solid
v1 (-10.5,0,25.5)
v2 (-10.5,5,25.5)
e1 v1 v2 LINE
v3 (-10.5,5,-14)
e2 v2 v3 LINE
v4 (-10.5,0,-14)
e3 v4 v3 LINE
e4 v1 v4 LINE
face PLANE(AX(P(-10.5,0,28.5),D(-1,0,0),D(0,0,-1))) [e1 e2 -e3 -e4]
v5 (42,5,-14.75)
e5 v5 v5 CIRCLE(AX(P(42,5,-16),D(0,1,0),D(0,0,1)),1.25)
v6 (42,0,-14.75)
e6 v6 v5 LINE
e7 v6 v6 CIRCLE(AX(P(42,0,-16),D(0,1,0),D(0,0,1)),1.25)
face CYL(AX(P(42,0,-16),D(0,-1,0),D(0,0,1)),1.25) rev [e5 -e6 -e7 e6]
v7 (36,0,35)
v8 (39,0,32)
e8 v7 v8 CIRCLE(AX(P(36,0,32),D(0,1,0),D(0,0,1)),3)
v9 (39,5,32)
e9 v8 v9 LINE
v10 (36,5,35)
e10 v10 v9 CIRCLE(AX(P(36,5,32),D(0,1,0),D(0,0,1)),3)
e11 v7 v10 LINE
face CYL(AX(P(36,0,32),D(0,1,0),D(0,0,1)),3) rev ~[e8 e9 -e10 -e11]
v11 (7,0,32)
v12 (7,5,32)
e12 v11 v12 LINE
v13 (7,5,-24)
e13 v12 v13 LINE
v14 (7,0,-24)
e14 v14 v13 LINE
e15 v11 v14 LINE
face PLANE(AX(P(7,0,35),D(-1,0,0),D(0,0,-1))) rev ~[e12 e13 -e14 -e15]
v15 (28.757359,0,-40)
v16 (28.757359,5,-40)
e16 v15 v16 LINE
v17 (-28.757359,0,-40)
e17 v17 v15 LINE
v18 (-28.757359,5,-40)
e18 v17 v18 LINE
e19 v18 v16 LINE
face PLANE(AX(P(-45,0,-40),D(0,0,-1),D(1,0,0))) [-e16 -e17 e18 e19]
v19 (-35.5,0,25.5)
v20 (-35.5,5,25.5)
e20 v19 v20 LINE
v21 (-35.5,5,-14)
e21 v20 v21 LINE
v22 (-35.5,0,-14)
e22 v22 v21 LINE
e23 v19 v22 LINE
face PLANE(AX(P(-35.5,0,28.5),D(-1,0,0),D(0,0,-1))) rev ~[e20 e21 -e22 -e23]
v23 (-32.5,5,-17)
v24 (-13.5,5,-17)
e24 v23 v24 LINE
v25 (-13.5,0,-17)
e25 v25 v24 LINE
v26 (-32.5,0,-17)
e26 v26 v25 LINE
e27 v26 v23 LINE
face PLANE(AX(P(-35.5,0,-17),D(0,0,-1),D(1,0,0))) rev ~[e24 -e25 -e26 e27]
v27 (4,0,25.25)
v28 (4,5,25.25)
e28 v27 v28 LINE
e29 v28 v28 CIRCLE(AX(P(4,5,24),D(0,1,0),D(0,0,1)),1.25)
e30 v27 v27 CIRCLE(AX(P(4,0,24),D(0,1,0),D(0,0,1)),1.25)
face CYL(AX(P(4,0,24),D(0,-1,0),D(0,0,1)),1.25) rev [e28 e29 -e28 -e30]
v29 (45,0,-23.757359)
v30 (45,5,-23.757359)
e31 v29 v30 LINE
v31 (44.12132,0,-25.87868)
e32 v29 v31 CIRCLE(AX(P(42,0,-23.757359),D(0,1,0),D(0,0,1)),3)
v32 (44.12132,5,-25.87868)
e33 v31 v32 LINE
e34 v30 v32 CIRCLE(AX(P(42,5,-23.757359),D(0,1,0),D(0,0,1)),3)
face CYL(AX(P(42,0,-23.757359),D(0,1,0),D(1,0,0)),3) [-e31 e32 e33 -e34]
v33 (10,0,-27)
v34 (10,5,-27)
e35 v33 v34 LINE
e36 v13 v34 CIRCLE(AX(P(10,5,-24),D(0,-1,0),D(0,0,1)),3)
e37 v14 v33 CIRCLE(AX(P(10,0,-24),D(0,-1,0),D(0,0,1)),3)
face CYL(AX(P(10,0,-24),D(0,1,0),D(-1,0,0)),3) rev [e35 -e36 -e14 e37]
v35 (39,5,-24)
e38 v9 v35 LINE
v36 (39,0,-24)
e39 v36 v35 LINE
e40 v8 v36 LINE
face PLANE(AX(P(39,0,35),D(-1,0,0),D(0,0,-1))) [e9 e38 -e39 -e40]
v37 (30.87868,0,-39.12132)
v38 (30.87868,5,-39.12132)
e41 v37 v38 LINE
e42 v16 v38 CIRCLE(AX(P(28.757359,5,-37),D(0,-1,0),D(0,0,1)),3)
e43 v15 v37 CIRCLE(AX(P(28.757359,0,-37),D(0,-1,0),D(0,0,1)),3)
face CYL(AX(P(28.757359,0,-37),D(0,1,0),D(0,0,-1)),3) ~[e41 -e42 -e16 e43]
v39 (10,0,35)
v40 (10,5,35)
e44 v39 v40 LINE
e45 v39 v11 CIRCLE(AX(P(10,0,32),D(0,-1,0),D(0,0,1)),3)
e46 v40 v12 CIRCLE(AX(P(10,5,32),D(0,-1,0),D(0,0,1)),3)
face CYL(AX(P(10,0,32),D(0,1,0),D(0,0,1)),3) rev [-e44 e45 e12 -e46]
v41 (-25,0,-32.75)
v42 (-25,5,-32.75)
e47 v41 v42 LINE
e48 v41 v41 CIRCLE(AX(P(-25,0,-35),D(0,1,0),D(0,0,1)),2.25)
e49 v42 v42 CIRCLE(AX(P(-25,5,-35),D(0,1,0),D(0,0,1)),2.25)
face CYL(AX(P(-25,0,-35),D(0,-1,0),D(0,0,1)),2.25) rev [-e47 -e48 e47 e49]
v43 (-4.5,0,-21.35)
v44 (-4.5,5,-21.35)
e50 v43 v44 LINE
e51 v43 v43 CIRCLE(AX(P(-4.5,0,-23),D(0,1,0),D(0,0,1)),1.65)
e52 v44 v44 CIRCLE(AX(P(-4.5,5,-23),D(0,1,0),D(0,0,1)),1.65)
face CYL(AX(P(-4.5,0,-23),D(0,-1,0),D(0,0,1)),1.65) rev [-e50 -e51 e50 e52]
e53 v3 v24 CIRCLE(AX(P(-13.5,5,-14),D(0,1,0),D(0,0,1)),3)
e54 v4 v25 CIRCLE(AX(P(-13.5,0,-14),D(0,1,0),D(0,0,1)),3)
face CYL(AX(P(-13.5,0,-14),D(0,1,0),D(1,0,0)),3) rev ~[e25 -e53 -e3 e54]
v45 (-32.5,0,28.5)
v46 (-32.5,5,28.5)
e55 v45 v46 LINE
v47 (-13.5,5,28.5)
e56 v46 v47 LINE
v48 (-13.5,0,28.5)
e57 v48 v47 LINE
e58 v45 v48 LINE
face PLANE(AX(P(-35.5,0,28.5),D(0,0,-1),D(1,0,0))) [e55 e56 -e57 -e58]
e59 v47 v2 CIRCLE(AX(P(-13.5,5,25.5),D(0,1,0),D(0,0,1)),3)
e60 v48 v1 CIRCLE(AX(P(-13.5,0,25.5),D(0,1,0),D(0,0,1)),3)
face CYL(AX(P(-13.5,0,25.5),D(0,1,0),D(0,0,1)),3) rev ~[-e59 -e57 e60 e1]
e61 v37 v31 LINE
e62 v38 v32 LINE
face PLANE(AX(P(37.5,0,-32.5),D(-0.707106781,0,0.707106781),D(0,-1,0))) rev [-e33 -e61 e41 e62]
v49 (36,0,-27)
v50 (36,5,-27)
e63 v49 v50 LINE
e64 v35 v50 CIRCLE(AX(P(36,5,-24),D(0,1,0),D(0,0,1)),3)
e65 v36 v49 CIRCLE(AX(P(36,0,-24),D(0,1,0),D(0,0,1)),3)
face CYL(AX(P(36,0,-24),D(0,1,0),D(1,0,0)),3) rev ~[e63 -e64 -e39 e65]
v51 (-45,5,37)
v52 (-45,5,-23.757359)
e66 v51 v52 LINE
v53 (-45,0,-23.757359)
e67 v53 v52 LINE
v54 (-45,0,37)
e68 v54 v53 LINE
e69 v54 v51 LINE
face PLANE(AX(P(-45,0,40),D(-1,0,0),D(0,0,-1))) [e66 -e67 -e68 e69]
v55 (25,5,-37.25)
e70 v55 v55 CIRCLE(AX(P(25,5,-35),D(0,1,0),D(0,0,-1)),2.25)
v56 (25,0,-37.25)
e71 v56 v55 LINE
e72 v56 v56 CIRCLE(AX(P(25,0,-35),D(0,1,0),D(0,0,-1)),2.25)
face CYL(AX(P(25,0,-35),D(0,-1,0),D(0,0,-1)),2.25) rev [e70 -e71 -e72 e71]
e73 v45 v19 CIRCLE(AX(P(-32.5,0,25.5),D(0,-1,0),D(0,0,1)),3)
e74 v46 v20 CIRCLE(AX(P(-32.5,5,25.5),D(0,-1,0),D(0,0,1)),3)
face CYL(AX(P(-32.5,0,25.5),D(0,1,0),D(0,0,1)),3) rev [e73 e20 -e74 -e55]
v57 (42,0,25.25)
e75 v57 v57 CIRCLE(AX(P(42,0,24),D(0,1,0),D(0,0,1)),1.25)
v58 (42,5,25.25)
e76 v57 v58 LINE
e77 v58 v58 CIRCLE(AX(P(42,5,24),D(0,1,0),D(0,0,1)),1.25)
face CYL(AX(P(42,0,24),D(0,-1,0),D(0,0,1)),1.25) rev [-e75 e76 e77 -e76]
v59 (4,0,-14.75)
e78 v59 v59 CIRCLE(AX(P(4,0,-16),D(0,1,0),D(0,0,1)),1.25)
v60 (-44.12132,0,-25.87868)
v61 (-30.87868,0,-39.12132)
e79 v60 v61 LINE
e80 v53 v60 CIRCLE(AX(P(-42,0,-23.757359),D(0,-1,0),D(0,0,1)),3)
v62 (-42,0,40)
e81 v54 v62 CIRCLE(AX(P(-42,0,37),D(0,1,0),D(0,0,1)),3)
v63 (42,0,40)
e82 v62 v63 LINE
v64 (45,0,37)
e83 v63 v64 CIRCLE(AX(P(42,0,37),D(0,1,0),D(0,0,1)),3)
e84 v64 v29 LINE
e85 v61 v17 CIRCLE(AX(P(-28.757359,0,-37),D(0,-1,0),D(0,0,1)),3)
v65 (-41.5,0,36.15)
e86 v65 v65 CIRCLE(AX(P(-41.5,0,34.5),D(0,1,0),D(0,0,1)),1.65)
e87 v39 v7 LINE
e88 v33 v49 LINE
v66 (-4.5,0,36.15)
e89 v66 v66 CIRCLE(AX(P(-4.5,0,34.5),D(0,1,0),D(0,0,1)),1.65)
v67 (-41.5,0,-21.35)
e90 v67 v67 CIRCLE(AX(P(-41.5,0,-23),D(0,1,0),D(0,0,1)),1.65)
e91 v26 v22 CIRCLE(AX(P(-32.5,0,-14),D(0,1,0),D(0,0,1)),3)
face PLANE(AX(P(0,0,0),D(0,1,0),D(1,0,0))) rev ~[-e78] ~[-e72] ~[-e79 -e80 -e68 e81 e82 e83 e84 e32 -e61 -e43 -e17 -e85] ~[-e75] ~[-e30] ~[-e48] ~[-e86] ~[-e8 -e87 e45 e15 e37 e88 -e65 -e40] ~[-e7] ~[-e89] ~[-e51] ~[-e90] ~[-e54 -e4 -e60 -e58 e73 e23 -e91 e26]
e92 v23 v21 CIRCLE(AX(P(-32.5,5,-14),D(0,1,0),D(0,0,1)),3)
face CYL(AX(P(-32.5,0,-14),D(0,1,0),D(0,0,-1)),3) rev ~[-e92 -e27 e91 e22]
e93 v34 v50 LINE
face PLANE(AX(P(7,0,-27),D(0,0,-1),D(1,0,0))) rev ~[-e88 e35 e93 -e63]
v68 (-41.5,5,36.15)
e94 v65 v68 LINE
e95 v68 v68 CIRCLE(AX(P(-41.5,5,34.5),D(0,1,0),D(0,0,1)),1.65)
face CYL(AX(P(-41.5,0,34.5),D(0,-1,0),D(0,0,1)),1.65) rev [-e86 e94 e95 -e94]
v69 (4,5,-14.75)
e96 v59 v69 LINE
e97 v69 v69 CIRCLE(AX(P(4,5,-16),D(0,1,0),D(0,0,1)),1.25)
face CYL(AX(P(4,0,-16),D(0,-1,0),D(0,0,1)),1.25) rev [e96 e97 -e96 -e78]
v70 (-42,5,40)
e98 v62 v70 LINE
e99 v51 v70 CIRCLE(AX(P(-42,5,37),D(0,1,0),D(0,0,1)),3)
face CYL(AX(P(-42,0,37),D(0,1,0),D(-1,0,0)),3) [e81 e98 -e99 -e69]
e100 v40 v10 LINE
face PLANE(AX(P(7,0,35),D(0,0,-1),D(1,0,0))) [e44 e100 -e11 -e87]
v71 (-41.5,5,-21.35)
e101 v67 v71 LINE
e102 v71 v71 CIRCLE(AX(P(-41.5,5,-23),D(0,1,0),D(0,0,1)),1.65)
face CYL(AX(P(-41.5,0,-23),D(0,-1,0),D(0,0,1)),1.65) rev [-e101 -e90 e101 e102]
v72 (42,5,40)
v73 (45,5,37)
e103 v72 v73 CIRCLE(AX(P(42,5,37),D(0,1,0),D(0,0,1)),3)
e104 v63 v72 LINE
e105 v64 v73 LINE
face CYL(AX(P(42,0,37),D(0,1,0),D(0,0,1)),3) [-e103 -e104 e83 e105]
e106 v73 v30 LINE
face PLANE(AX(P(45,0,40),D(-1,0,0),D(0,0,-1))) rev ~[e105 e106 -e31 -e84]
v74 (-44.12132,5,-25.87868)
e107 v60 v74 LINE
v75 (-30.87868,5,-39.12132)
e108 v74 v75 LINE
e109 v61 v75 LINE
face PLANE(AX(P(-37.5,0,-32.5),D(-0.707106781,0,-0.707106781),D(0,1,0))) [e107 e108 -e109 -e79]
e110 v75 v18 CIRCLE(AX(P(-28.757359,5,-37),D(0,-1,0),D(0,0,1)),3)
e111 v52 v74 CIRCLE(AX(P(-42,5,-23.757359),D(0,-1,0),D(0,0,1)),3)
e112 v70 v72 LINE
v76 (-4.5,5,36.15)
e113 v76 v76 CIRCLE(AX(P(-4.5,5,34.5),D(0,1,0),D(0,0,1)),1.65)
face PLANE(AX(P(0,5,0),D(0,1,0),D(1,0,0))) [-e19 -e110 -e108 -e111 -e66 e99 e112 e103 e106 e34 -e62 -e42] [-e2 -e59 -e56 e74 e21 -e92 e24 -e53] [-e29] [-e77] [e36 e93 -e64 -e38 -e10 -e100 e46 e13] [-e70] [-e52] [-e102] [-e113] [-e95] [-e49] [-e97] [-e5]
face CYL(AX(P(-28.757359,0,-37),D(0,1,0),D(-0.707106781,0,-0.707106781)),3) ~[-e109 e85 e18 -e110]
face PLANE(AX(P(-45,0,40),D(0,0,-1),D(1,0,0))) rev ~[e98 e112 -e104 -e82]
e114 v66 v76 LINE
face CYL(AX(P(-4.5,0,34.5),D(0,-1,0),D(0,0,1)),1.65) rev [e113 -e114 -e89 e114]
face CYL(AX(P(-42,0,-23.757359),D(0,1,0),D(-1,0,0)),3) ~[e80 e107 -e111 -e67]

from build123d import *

# Parameters (mm, degrees)
SKETCH1_W           = 90
SKETCH1_H           = 80
SKETCH1_R           = 2.25
SKETCH1_R_2         = 1.65
SKETCH1_R_3         = 1.25
SKETCH1_W_2         = 32
SKETCH1_H_2         = 62
SKETCH1_W_3         = 25
SKETCH1_H_3         = 45.5
BOSS_EXTRUDE1_DEPTH = 5
CHAMFER1_SIZE       = 15
FILLET1_R           = 3


with BuildPart() as part:
    # Sketch1 → Boss-Extrude1 (new body)
    with BuildSketch(Plane(origin=(0, 0, 0), x_dir=(1, 0, 0), z_dir=(0, 1, 0))):
        Rectangle(SKETCH1_W, SKETCH1_H)
        with Locations(Location((-25, 35, 0), (0, 0, 270))):
            Circle(SKETCH1_R, mode=Mode.SUBTRACT)
        with Locations(Location((25, 35, 0), (0, 0, 90))):
            Circle(SKETCH1_R, mode=Mode.SUBTRACT)
        with Locations(Location((-41.5, 23, 0), (0, 0, 270))):
            Circle(SKETCH1_R_2, mode=Mode.SUBTRACT)
        with Locations(Location((-4.5, 23, 0), (0, 0, 270))):
            Circle(SKETCH1_R_2, mode=Mode.SUBTRACT)
        with Locations(Location((-4.5, -34.5, 0), (0, 0, 270))):
            Circle(SKETCH1_R_2, mode=Mode.SUBTRACT)
        with Locations(Location((-41.5, -34.5, 0), (0, 0, 270))):
            Circle(SKETCH1_R_2, mode=Mode.SUBTRACT)
        with Locations(Location((4, 16, 0), (0, 0, 270))):
            Circle(SKETCH1_R_3, mode=Mode.SUBTRACT)
        with Locations(Location((42, 16, 0), (0, 0, 270))):
            Circle(SKETCH1_R_3, mode=Mode.SUBTRACT)
        with Locations(Location((42, -24, 0), (0, 0, 270))):
            Circle(SKETCH1_R_3, mode=Mode.SUBTRACT)
        with Locations(Location((4, -24, 0), (0, 0, 270))):
            Circle(SKETCH1_R_3, mode=Mode.SUBTRACT)
        with Locations((23, -4)):
            Rectangle(SKETCH1_W_2, SKETCH1_H_2, mode=Mode.SUBTRACT)
        with Locations((-23, -5.75)):
            Rectangle(SKETCH1_W_3, SKETCH1_H_3, mode=Mode.SUBTRACT)
    extrude(amount=BOSS_EXTRUDE1_DEPTH)

    # Chamfer1
    chamfer1_edges = [part.edges().sort_by_distance(p)[0] for p in [
        (-45, 2.5, -40),
        (45, 2.5, -40),
    ]]
    chamfer(chamfer1_edges, length=CHAMFER1_SIZE)

    # Fillet1
    fillet1_edges = [part.edges().sort_by_distance(p)[0] for p in [
        (7, 2.5, -27),
        (7, 2.5, 35),
        (39, 2.5, 35),
        (39, 2.5, -27),
        (-35.5, 2.5, -17),
        (-35.5, 2.5, 28.5),
        (-10.5, 2.5, 28.5),
        (-10.5, 2.5, -17),
        (45, 2.5, 40),
        (-45, 2.5, 40),
        (-30, 2.5, -40),
        (30, 2.5, -40),
        (45, 2.5, -25),
        (-45, 2.5, -25),
    ]]
    fillet(fillet1_edges, radius=FILLET1_R)


solid = part.part
